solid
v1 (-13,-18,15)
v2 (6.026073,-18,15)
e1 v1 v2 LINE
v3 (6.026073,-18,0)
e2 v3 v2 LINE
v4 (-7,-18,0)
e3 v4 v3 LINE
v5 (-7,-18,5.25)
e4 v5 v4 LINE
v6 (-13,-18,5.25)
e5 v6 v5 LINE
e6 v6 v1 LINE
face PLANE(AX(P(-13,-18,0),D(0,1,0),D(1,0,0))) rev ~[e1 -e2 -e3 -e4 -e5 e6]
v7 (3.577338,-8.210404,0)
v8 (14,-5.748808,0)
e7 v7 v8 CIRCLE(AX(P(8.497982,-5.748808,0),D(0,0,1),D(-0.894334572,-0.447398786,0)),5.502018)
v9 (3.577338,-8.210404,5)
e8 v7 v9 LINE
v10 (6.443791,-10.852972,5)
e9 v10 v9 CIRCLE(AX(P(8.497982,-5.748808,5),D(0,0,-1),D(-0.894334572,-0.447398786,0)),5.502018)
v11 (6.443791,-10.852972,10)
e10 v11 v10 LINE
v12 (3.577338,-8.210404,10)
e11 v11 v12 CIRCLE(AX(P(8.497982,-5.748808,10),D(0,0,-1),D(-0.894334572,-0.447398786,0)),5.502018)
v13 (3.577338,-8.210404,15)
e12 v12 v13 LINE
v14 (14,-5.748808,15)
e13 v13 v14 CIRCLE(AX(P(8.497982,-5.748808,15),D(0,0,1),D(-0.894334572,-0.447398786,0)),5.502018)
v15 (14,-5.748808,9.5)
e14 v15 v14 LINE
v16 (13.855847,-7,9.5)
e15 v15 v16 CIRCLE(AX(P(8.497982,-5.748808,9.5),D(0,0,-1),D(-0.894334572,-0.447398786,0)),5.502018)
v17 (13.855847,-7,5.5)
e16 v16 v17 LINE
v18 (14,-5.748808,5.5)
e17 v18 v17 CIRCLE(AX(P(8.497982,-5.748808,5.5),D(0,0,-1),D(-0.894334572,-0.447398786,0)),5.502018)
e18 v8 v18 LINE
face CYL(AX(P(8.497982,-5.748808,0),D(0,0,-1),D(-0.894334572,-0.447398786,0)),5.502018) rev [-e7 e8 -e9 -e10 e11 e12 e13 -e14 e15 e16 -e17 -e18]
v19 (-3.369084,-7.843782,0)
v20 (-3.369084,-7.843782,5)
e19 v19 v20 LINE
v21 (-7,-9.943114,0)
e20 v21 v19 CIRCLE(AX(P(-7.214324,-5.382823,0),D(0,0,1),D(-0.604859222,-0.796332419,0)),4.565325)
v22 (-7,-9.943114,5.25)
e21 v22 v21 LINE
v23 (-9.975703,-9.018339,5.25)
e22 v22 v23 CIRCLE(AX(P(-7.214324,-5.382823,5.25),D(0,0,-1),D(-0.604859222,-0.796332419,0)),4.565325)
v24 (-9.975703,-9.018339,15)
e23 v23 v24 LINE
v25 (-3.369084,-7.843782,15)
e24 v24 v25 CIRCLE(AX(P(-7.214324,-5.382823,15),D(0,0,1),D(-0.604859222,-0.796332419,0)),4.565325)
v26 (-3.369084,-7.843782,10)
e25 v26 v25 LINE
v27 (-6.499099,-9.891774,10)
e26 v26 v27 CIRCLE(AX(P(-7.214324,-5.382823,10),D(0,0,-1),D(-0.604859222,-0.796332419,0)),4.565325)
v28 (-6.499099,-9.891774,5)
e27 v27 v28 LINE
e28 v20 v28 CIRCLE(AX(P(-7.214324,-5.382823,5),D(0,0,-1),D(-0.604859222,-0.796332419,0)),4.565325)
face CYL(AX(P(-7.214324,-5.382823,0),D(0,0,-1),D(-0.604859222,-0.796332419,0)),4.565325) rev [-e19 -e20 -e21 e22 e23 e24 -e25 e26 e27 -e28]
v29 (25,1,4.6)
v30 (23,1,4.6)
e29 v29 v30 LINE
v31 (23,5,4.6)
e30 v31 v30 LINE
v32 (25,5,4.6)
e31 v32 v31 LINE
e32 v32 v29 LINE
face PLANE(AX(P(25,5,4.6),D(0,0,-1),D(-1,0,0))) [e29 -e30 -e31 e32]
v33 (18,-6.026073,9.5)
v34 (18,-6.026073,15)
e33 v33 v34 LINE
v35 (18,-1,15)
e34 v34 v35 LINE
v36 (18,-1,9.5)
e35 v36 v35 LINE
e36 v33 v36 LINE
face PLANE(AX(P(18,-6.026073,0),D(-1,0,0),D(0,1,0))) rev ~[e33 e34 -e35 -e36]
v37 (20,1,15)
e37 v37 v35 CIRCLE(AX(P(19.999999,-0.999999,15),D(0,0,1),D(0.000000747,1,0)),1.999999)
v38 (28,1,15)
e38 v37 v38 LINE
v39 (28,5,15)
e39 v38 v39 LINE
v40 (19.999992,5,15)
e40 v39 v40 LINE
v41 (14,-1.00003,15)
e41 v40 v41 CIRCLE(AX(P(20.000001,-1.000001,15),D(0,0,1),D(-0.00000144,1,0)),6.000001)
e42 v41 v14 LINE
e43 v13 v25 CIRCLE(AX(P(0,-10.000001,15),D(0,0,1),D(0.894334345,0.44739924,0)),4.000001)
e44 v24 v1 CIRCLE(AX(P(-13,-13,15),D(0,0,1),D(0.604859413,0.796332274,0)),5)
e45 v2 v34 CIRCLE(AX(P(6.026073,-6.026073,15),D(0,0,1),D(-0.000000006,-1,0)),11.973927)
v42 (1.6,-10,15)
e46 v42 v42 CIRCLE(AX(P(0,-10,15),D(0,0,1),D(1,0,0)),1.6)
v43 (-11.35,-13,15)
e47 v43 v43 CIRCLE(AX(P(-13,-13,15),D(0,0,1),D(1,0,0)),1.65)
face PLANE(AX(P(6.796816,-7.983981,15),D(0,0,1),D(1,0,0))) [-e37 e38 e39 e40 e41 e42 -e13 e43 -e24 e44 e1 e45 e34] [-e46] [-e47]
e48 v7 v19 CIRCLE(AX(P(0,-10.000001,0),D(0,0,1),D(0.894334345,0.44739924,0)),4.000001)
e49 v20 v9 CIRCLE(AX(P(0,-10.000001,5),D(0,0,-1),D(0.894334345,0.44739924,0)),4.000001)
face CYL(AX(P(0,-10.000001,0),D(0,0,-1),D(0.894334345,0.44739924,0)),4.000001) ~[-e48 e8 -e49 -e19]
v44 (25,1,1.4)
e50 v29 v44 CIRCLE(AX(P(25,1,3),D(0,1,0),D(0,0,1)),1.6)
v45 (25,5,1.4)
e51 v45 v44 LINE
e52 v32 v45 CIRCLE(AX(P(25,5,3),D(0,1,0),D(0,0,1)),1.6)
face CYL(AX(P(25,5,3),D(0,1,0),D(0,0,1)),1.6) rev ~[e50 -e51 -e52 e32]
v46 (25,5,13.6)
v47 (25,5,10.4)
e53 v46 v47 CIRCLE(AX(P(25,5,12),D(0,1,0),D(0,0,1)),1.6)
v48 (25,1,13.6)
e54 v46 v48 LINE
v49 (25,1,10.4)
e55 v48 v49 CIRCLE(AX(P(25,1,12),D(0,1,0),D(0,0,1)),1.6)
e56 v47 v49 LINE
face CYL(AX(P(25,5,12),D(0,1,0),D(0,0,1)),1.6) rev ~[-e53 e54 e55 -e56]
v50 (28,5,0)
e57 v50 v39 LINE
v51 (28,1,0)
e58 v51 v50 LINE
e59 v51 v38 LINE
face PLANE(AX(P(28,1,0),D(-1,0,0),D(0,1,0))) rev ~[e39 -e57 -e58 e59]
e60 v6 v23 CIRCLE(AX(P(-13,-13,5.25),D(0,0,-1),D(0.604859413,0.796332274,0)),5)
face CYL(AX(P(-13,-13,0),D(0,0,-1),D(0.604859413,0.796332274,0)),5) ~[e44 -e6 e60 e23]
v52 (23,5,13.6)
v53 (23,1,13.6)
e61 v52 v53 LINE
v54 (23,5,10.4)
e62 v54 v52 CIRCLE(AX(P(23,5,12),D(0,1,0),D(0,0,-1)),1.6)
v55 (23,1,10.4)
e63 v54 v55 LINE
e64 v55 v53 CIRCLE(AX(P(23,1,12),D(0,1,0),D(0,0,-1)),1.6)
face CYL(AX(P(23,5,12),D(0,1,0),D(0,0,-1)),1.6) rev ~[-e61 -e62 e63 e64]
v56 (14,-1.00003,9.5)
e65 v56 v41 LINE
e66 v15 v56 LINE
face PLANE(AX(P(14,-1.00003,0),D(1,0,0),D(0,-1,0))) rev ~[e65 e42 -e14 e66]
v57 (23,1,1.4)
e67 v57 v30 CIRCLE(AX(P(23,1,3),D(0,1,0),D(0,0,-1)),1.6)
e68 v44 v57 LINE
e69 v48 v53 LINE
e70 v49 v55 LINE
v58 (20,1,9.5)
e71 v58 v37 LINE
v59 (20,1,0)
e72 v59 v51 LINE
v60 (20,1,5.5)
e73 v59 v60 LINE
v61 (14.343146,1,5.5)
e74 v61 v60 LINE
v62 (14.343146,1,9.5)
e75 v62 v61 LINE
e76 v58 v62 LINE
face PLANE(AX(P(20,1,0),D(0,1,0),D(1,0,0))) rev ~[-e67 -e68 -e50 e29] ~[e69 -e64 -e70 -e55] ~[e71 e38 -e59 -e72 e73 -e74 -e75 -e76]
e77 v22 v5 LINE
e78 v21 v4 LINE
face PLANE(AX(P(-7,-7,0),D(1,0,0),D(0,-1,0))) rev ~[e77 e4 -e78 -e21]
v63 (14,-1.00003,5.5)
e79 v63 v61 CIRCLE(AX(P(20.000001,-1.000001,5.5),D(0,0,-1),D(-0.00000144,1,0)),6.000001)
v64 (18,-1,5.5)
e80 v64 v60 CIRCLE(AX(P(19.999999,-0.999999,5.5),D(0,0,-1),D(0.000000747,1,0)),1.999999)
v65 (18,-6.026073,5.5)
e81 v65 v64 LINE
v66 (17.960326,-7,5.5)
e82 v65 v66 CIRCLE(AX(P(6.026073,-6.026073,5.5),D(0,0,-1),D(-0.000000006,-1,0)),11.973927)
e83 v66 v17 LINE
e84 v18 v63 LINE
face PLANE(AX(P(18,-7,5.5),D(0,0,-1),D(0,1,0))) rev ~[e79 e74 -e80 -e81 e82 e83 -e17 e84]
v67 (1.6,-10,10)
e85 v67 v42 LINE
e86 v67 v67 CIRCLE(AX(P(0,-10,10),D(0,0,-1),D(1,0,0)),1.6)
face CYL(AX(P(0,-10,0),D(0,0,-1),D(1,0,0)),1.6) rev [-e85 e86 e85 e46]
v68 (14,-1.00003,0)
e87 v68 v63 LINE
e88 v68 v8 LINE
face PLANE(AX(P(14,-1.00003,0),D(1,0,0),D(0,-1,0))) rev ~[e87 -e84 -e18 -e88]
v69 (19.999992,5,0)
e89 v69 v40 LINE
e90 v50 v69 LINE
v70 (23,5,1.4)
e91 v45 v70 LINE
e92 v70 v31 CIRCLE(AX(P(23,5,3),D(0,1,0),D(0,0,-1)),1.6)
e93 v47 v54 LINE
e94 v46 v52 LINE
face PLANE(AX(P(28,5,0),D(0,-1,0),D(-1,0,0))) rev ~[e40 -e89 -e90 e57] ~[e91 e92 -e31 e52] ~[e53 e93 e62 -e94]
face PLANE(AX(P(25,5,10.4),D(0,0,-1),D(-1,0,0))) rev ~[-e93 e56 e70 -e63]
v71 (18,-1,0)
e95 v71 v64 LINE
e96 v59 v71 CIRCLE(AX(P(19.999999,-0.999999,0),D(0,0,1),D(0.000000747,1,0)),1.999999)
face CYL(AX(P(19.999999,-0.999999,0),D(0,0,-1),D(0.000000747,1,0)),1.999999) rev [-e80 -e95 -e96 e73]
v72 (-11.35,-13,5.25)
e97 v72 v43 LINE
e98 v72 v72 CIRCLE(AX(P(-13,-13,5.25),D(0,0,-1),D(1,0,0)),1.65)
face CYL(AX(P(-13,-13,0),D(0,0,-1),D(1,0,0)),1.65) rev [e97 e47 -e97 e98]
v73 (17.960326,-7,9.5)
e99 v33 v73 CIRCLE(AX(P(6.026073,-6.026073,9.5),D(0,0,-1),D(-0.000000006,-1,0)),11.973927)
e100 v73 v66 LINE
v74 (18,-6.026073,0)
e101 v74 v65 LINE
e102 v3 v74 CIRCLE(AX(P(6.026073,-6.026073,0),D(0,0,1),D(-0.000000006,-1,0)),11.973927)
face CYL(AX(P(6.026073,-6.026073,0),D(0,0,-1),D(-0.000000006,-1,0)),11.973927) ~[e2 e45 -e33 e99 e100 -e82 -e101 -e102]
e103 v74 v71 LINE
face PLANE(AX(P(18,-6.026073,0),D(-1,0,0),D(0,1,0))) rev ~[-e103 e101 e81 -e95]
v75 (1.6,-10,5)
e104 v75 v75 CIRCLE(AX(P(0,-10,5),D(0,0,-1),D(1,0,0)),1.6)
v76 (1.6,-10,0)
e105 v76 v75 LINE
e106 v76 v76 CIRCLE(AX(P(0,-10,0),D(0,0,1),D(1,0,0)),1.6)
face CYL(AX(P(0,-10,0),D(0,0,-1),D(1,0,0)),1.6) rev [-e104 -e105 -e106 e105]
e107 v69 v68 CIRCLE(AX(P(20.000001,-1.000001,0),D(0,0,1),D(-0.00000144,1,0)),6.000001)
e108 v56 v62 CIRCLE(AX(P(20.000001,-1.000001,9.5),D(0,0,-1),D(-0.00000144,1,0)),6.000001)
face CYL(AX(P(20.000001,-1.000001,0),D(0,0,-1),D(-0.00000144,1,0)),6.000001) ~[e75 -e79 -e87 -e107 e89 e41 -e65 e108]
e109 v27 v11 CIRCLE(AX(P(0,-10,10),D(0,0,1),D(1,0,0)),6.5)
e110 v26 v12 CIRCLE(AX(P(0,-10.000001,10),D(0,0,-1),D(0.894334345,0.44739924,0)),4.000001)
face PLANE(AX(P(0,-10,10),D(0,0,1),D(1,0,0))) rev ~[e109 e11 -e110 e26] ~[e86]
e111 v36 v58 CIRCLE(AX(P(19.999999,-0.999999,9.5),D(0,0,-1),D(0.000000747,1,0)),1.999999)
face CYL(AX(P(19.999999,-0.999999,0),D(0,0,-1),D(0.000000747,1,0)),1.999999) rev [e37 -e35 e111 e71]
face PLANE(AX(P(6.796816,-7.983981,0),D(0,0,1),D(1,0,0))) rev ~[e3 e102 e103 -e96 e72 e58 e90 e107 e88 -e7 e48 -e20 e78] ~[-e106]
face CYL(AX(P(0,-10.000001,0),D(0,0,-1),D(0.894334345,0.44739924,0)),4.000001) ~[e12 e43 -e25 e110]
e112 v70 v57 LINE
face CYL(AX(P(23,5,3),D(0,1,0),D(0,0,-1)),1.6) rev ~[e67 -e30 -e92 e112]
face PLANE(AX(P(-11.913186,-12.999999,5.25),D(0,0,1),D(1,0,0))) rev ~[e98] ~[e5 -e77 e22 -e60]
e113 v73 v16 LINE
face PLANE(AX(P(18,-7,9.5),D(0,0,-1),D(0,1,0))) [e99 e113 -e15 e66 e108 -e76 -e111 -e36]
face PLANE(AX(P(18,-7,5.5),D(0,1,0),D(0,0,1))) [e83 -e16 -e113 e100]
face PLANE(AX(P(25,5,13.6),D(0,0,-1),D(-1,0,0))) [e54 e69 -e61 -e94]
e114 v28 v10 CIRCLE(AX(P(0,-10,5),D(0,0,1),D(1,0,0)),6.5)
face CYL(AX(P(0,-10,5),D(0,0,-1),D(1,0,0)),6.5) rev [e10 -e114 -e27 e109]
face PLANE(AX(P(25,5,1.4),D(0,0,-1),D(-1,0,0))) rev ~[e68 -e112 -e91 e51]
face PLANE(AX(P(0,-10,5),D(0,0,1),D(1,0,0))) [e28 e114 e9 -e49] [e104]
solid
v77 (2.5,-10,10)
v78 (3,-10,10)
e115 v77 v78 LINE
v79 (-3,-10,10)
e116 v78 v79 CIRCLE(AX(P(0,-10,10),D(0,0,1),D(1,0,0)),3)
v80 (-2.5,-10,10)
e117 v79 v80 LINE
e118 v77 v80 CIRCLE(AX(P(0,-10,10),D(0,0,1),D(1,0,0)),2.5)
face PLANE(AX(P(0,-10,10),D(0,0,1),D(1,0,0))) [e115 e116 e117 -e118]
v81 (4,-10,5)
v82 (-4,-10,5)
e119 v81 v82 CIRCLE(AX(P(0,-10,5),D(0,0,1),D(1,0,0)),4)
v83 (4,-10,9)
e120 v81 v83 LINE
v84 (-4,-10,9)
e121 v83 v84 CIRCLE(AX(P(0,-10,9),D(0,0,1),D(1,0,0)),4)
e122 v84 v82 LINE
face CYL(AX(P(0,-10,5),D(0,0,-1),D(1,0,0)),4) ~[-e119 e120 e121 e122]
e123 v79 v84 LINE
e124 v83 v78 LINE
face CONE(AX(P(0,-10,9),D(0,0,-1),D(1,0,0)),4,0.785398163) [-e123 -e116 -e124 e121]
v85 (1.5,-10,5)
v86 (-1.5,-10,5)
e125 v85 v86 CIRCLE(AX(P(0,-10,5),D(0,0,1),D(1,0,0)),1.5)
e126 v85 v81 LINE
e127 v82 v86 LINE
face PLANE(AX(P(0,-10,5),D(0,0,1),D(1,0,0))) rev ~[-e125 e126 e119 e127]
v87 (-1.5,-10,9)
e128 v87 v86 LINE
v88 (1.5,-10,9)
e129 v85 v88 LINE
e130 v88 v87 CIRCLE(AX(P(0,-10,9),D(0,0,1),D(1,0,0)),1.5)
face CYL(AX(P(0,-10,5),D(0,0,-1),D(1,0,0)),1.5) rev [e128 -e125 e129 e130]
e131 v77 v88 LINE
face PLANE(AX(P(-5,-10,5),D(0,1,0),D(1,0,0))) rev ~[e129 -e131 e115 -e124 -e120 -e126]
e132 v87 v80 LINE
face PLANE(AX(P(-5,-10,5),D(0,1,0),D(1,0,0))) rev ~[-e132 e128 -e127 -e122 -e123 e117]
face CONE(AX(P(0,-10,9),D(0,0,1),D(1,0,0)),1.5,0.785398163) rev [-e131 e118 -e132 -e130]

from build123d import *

# Parameters (mm, degrees)
CYLINDER_R           = 6.5
CYLINDER_DEPTH       = 5
PAD001_DEPTH         = 5.25
SKETCH_R             = 1.6
SKETCH_R_2           = 1.65
PAD_DEPTH            = 15
POCKET_DEPTH         = 5
SKETCH003_W          = 8
SKETCH003_H          = 4
POCKET001_DEPTH      = 36.001
POCKET001_DEPTH_BACK = -10.001
CYLINDER001_R        = 1.5
CYLINDER001_DEPTH    = 5
CYLINDER002_R        = 4
CYLINDER002_DEPTH    = 5
CHAMFER_SIZE         = 1
SKETCH004_W          = 10
SKETCH004_H          = 5
POCKET002_DEPTH      = 5


with BuildPart() as rodamiento:
    # Cylinder → Cylinder (new body)
    with BuildSketch(Plane(origin=(0, -10, 5), x_dir=(1, 0, 0), z_dir=(0, 0, 1))):
        Circle(CYLINDER_R)
    extrude(amount=CYLINDER_DEPTH)


with BuildPart() as bisagra:
    # Sketch001 → Pad001 (new body)
    with BuildSketch(Plane.XY):
        with BuildLine():
            ThreePointArc((-13, -7), (-19, -13.000015), (-12.99997, -19))
            Line((-7, -19), (-12.99997, -19))
            Line((-7, -7), (-7, -19))
            Line((-13, -7), (-7, -7))
        make_face()
    extrude(amount=PAD001_DEPTH)


with BuildPart() as pocket001:
    # Sketch → Pad (new body)
    with BuildSketch(Plane.XY):
        with BuildLine():
            ThreePointArc((-9.975703, -9.018339), (-17.738581, -11.404429), (-13, -18))
            Line((-13, -18), (6.026073, -18))
            ThreePointArc((6.026073, -18), (14.492918, -14.492918), (18, -6.026073))
            Line((18, -6.026073), (18, -1))
            ThreePointArc((20, 1), (18.585786, 0.414214), (18, -1))
            Line((20, 1), (28, 1))
            Line((28, 1), (28, 5))
            Line((28, 5), (19.999992, 5))
            ThreePointArc((19.999992, 5), (15.757346, 3.242627), (14, -1.00003))
            Line((14, -1.00003), (14, -5.748808))
            ThreePointArc((3.577338, -8.210404), (9.762642, -11.10351), (14, -5.748808))
            ThreePointArc((3.577338, -8.210404), (0.210821, -6.00556), (-3.369084, -7.843782))
            ThreePointArc((-9.975703, -9.018339), (-6.415209, -9.877665), (-3.369084, -7.843782))
        make_face()
        with Locations((0, -10)):
            Circle(SKETCH_R, mode=Mode.SUBTRACT)
        with Locations((-13, -13)):
            Circle(SKETCH_R_2, mode=Mode.SUBTRACT)
    extrude(amount=PAD_DEPTH)

    # Cut: cut bisagra
    add(bisagra.part, mode=Mode.SUBTRACT)

    # Cut001: cut rodamiento
    add(rodamiento.part, mode=Mode.SUBTRACT)

    # Sketch002 → Pocket (cut)
    with BuildSketch(Plane(origin=(0, 5, 0), x_dir=(-1, 0, 0), z_dir=(0, 1, 0))):
        with BuildLine():
            ThreePointArc((-25, 13.6), (-26.6, 12), (-25, 10.4))
            Line((-25, 10.4), (-23, 10.4))
            ThreePointArc((-23, 10.4), (-21.4, 12), (-23, 13.6))
            Line((-25, 13.6), (-23, 13.6))
        make_face()
        with BuildLine():
            ThreePointArc((-25, 4.6), (-26.6, 3), (-25, 1.4))
            Line((-25, 1.4), (-23, 1.4))
            ThreePointArc((-23, 1.4), (-21.4, 3), (-23, 4.6))
            Line((-25, 4.6), (-23, 4.6))
        make_face()
    extrude(amount=-POCKET_DEPTH, mode=Mode.SUBTRACT)

    # Sketch003 → Pocket001 (cut, two sides)
    with BuildSketch(Plane.YZ.offset(18)) as pocket001_sk:
        with Locations((-3, 7.5)):
            Rectangle(SKETCH003_W, SKETCH003_H)
    extrude(amount=-POCKET001_DEPTH, mode=Mode.SUBTRACT)
    extrude(pocket001_sk.sketch, amount=-POCKET001_DEPTH_BACK, mode=Mode.SUBTRACT)


with BuildPart() as cilindro:
    # Cylinder001 → Cylinder001 (new body)
    with BuildSketch(Plane(origin=(0, -10, 5), x_dir=(1, 0, 0), z_dir=(0, 0, 1))):
        Circle(CYLINDER001_R)
    extrude(amount=CYLINDER001_DEPTH)


with BuildPart() as soporte_rodamiento:
    # Cylinder002 → Cylinder002 (new body)
    with BuildSketch(Plane(origin=(0, -10, 5), x_dir=(1, 0, 0), z_dir=(0, 0, 1))):
        Circle(CYLINDER002_R)
    extrude(amount=CYLINDER002_DEPTH)

    # Cut002: cut Cilindro
    add(cilindro.part, mode=Mode.SUBTRACT)

    # Chamfer
    chamfer_edges = [soporte_rodamiento.edges().sort_by_distance(p)[0] for p in [
        (-1.5, -10, 10),
        (-4, -10, 10),
    ]]
    chamfer(chamfer_edges, length=CHAMFER_SIZE)

    # Sketch004 → Pocket002 (cut)
    with BuildSketch(Plane(origin=(0, 0, 5), x_dir=(1, 0, 0), z_dir=(0, 0, -1))):
        with Locations((0, 12.5)):
            Rectangle(SKETCH004_W, SKETCH004_H)
    extrude(amount=-POCKET002_DEPTH, mode=Mode.SUBTRACT)


solid = Compound([pocket001.part, soporte_rodamiento.part])
